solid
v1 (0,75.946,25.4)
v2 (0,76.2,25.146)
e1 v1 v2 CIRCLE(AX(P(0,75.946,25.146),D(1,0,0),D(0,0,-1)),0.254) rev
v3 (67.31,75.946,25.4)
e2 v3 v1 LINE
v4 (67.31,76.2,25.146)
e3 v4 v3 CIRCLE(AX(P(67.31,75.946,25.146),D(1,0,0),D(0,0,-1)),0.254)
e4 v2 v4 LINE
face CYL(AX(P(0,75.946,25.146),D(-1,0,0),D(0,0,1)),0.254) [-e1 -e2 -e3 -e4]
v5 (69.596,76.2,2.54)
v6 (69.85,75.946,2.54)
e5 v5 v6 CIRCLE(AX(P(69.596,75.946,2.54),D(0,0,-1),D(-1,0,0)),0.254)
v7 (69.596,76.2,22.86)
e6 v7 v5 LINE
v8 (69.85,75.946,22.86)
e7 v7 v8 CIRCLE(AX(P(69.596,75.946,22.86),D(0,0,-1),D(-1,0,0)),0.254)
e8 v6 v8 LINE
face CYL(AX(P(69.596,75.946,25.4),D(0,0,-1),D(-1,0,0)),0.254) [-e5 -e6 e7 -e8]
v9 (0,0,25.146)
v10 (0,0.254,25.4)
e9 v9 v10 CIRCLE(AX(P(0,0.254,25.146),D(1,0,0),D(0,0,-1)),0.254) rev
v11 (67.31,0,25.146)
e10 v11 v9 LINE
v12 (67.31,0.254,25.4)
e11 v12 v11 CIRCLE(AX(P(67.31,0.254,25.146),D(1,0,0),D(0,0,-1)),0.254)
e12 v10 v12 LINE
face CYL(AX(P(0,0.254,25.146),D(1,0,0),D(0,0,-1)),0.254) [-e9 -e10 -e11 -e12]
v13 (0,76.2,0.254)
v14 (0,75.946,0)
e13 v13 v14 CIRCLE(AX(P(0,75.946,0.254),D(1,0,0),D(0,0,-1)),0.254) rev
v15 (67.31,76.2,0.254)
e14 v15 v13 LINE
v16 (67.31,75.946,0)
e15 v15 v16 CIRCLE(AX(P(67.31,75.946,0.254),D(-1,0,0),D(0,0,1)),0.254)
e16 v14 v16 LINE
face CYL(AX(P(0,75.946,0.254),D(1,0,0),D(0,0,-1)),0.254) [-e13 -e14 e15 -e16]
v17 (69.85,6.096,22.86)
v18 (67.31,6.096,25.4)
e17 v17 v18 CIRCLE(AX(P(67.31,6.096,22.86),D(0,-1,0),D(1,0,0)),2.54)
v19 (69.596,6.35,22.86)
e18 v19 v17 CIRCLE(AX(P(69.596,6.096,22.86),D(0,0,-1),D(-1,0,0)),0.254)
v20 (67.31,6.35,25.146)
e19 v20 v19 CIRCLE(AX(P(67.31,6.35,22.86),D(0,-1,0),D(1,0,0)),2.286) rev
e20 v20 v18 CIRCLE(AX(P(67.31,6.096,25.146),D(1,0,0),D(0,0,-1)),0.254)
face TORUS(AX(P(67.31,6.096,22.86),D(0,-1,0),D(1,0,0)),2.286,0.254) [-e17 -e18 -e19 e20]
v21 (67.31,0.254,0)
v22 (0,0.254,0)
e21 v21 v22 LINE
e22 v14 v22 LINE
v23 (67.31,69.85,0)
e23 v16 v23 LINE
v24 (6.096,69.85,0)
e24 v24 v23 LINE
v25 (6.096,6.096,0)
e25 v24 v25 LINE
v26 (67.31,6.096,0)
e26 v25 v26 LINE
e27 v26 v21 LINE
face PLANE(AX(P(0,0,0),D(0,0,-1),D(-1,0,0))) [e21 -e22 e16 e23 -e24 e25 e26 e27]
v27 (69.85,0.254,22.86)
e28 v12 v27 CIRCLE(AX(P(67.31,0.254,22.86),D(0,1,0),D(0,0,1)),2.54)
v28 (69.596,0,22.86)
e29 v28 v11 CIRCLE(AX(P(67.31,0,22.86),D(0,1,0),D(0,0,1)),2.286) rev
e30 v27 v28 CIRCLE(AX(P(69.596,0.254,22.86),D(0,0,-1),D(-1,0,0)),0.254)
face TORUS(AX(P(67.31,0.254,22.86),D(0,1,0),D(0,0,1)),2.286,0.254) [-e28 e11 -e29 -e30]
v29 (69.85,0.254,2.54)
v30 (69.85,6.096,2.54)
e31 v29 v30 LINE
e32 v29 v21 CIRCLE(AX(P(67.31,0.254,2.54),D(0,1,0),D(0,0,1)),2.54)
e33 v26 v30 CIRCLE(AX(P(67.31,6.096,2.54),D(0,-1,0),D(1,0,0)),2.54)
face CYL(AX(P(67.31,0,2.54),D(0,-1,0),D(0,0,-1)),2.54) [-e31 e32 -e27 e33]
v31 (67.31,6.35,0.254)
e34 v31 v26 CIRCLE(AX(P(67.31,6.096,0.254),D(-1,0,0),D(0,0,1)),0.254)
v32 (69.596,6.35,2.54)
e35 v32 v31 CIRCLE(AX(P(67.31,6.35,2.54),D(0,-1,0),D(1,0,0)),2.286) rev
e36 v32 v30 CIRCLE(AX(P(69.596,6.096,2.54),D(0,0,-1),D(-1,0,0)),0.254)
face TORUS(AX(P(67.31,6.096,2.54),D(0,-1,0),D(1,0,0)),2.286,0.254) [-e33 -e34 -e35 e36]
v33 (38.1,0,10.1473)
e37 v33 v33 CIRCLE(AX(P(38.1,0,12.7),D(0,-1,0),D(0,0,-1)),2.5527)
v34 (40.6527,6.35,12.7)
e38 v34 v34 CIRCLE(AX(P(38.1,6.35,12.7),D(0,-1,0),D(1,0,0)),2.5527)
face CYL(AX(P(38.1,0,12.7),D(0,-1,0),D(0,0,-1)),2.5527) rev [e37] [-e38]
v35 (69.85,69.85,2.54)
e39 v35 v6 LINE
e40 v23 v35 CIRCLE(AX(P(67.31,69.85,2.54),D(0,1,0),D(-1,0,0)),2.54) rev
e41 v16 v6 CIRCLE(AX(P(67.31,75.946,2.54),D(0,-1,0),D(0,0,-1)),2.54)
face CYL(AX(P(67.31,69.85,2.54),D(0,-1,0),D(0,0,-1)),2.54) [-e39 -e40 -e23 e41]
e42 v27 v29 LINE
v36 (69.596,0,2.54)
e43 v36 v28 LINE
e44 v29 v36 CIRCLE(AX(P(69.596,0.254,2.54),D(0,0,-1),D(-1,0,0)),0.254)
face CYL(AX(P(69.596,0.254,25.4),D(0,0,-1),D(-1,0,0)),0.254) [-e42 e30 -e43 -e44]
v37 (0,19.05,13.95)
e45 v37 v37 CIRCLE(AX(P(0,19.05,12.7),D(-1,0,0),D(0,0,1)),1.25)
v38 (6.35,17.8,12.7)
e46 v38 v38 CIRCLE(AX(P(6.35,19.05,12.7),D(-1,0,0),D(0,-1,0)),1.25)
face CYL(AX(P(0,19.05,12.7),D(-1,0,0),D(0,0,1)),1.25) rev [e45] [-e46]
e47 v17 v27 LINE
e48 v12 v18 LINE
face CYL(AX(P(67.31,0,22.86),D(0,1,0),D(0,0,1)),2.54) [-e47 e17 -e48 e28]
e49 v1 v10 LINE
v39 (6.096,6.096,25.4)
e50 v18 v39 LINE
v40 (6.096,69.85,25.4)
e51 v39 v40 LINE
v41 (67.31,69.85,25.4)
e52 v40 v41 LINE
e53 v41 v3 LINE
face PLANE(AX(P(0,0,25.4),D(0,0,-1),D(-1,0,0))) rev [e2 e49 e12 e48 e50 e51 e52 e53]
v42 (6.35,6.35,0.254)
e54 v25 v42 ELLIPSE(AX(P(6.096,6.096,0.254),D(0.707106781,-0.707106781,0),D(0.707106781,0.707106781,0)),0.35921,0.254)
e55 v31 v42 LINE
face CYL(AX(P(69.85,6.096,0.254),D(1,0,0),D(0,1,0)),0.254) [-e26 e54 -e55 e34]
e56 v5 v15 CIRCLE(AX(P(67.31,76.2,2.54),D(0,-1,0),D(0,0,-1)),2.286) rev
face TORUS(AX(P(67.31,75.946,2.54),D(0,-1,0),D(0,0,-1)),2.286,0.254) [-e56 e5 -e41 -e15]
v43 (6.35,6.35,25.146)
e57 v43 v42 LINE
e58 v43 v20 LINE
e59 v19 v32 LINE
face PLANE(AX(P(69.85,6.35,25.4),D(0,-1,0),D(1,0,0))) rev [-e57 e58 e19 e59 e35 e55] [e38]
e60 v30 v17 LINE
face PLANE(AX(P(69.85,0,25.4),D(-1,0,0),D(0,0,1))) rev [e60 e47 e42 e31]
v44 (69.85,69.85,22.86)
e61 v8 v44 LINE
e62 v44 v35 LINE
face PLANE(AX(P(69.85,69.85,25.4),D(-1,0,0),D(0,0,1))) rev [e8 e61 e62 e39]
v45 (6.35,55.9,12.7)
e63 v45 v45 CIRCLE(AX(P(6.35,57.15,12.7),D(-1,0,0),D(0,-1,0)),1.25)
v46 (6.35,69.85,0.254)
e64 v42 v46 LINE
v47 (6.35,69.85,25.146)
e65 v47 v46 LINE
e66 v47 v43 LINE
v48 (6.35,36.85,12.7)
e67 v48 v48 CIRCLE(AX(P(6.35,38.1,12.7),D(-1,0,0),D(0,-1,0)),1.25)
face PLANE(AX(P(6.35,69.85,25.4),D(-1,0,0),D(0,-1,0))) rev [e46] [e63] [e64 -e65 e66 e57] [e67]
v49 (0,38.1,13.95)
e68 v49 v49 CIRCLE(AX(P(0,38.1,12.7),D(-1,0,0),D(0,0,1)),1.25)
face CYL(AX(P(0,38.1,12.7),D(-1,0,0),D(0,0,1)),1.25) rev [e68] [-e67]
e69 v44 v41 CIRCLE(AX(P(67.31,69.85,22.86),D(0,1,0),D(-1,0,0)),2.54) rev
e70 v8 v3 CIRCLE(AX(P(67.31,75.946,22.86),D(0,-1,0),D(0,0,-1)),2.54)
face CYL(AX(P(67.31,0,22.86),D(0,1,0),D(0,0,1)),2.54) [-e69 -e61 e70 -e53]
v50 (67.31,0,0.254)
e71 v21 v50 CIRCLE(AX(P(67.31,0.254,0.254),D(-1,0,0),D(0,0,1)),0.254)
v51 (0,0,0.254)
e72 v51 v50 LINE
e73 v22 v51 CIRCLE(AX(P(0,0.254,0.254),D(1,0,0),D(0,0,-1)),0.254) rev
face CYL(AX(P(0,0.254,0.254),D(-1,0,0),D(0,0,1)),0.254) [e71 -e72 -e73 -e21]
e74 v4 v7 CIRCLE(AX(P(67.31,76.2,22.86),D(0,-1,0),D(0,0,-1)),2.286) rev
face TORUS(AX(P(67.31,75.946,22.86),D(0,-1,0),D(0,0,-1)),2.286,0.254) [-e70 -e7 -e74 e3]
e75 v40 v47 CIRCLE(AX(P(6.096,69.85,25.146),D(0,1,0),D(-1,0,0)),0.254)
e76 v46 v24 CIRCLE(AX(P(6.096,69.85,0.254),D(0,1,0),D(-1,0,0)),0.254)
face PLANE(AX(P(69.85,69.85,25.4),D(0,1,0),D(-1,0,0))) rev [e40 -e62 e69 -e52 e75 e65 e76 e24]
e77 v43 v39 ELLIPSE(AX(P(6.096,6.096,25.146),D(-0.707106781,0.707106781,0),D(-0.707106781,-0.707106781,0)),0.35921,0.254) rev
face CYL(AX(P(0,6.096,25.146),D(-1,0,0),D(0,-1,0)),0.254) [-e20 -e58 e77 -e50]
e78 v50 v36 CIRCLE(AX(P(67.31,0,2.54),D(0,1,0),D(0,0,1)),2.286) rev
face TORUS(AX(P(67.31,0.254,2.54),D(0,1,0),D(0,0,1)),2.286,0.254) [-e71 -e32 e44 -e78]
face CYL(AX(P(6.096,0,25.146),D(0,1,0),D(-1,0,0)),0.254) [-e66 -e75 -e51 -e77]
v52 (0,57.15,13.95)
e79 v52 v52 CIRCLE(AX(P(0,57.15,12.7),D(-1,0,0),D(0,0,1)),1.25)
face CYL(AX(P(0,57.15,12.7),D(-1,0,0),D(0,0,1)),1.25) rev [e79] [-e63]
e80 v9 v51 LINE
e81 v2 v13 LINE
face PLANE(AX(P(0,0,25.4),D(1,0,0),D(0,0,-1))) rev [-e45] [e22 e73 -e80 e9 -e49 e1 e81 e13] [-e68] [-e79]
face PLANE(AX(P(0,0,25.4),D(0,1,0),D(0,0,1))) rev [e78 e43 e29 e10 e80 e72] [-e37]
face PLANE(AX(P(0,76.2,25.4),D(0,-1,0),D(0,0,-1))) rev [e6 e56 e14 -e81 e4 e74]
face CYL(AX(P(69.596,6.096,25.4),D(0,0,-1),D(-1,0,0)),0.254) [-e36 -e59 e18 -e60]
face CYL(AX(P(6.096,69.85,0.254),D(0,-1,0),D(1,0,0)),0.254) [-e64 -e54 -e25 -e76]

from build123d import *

# Parameters (mm, degrees)
BOSS_EXTRUDE1_DEPTH         = 25.4
M3X0_5_TAPPED_HOLE1_D       = 2.5
F_1_4_20_TAPPED_HOLE1_D     = 5.1054
F_1_4_20_TAPPED_HOLE1_DEPTH = 6.35
FILLET1_R                   = 2.54
FILLET2_R                   = 0.254


with BuildPart() as part:
    # Sketch1 → Boss-Extrude1 (new body)
    with BuildSketch(Plane.XY):
        Polygon((69.85, 69.85), (69.85, 76.2), (0, 76.2), (0, 0), (69.85, 0), (69.85, 6.35), (6.35, 6.35), (6.35, 69.85), align=None)
    extrude(amount=BOSS_EXTRUDE1_DEPTH)

    # M3x0.5 Tapped Hole1 (through all)
    with Locations(Plane.ZY):
        with Locations((12.7, 57.15), (12.7, 38.1), (12.7, 19.05)):
            Hole(M3X0_5_TAPPED_HOLE1_D / 2)

    # 1/4-20 Tapped Hole1
    with Locations(Plane(origin=(0, 0, 0), x_dir=(-1, 0, 0), z_dir=(0, -1, 0))):
        with Locations((-38.1, -12.7)):
            Hole(F_1_4_20_TAPPED_HOLE1_D / 2, depth=F_1_4_20_TAPPED_HOLE1_DEPTH)

    # Fillet1
    fillet1_edges = [part.edges().sort_by_distance(p)[0] for p in [
        (69.85, 3.175, 0),
        (69.85, 3.175, 25.4),
        (69.85, 73.025, 25.4),
        (69.85, 73.025, 0),
    ]]
    fillet(fillet1_edges, radius=FILLET1_R)

    # Fillet2
    fillet2_edges = [part.edges().sort_by_distance(p)[0] for p in [
        (33.655, 0, 0),
        (6.35, 38.1, 25.4),
        (69.85, 6.35, 12.7),
        (69.85, 0, 12.7),
        (36.83, 6.35, 0),
        (36.83, 6.35, 25.4),
        (69.106051224, 6.35, 24.656051224),
        (69.106051224, 6.35, 0.743948776),
        (33.655, 76.2, 0),
        (69.106051224, 0, 24.656051224),
        (69.106051224, 0, 0.743948776),
        (33.655, 76.2, 25.4),
        (69.85, 76.2, 12.7),
        (69.106051224, 76.2, 24.656051224),
        (69.106051224, 76.2, 0.743948776),
        (33.655, 0, 25.4),
        (6.35, 38.1, 0),
    ]]
    fillet(fillet2_edges, radius=FILLET2_R)


solid = part.part
